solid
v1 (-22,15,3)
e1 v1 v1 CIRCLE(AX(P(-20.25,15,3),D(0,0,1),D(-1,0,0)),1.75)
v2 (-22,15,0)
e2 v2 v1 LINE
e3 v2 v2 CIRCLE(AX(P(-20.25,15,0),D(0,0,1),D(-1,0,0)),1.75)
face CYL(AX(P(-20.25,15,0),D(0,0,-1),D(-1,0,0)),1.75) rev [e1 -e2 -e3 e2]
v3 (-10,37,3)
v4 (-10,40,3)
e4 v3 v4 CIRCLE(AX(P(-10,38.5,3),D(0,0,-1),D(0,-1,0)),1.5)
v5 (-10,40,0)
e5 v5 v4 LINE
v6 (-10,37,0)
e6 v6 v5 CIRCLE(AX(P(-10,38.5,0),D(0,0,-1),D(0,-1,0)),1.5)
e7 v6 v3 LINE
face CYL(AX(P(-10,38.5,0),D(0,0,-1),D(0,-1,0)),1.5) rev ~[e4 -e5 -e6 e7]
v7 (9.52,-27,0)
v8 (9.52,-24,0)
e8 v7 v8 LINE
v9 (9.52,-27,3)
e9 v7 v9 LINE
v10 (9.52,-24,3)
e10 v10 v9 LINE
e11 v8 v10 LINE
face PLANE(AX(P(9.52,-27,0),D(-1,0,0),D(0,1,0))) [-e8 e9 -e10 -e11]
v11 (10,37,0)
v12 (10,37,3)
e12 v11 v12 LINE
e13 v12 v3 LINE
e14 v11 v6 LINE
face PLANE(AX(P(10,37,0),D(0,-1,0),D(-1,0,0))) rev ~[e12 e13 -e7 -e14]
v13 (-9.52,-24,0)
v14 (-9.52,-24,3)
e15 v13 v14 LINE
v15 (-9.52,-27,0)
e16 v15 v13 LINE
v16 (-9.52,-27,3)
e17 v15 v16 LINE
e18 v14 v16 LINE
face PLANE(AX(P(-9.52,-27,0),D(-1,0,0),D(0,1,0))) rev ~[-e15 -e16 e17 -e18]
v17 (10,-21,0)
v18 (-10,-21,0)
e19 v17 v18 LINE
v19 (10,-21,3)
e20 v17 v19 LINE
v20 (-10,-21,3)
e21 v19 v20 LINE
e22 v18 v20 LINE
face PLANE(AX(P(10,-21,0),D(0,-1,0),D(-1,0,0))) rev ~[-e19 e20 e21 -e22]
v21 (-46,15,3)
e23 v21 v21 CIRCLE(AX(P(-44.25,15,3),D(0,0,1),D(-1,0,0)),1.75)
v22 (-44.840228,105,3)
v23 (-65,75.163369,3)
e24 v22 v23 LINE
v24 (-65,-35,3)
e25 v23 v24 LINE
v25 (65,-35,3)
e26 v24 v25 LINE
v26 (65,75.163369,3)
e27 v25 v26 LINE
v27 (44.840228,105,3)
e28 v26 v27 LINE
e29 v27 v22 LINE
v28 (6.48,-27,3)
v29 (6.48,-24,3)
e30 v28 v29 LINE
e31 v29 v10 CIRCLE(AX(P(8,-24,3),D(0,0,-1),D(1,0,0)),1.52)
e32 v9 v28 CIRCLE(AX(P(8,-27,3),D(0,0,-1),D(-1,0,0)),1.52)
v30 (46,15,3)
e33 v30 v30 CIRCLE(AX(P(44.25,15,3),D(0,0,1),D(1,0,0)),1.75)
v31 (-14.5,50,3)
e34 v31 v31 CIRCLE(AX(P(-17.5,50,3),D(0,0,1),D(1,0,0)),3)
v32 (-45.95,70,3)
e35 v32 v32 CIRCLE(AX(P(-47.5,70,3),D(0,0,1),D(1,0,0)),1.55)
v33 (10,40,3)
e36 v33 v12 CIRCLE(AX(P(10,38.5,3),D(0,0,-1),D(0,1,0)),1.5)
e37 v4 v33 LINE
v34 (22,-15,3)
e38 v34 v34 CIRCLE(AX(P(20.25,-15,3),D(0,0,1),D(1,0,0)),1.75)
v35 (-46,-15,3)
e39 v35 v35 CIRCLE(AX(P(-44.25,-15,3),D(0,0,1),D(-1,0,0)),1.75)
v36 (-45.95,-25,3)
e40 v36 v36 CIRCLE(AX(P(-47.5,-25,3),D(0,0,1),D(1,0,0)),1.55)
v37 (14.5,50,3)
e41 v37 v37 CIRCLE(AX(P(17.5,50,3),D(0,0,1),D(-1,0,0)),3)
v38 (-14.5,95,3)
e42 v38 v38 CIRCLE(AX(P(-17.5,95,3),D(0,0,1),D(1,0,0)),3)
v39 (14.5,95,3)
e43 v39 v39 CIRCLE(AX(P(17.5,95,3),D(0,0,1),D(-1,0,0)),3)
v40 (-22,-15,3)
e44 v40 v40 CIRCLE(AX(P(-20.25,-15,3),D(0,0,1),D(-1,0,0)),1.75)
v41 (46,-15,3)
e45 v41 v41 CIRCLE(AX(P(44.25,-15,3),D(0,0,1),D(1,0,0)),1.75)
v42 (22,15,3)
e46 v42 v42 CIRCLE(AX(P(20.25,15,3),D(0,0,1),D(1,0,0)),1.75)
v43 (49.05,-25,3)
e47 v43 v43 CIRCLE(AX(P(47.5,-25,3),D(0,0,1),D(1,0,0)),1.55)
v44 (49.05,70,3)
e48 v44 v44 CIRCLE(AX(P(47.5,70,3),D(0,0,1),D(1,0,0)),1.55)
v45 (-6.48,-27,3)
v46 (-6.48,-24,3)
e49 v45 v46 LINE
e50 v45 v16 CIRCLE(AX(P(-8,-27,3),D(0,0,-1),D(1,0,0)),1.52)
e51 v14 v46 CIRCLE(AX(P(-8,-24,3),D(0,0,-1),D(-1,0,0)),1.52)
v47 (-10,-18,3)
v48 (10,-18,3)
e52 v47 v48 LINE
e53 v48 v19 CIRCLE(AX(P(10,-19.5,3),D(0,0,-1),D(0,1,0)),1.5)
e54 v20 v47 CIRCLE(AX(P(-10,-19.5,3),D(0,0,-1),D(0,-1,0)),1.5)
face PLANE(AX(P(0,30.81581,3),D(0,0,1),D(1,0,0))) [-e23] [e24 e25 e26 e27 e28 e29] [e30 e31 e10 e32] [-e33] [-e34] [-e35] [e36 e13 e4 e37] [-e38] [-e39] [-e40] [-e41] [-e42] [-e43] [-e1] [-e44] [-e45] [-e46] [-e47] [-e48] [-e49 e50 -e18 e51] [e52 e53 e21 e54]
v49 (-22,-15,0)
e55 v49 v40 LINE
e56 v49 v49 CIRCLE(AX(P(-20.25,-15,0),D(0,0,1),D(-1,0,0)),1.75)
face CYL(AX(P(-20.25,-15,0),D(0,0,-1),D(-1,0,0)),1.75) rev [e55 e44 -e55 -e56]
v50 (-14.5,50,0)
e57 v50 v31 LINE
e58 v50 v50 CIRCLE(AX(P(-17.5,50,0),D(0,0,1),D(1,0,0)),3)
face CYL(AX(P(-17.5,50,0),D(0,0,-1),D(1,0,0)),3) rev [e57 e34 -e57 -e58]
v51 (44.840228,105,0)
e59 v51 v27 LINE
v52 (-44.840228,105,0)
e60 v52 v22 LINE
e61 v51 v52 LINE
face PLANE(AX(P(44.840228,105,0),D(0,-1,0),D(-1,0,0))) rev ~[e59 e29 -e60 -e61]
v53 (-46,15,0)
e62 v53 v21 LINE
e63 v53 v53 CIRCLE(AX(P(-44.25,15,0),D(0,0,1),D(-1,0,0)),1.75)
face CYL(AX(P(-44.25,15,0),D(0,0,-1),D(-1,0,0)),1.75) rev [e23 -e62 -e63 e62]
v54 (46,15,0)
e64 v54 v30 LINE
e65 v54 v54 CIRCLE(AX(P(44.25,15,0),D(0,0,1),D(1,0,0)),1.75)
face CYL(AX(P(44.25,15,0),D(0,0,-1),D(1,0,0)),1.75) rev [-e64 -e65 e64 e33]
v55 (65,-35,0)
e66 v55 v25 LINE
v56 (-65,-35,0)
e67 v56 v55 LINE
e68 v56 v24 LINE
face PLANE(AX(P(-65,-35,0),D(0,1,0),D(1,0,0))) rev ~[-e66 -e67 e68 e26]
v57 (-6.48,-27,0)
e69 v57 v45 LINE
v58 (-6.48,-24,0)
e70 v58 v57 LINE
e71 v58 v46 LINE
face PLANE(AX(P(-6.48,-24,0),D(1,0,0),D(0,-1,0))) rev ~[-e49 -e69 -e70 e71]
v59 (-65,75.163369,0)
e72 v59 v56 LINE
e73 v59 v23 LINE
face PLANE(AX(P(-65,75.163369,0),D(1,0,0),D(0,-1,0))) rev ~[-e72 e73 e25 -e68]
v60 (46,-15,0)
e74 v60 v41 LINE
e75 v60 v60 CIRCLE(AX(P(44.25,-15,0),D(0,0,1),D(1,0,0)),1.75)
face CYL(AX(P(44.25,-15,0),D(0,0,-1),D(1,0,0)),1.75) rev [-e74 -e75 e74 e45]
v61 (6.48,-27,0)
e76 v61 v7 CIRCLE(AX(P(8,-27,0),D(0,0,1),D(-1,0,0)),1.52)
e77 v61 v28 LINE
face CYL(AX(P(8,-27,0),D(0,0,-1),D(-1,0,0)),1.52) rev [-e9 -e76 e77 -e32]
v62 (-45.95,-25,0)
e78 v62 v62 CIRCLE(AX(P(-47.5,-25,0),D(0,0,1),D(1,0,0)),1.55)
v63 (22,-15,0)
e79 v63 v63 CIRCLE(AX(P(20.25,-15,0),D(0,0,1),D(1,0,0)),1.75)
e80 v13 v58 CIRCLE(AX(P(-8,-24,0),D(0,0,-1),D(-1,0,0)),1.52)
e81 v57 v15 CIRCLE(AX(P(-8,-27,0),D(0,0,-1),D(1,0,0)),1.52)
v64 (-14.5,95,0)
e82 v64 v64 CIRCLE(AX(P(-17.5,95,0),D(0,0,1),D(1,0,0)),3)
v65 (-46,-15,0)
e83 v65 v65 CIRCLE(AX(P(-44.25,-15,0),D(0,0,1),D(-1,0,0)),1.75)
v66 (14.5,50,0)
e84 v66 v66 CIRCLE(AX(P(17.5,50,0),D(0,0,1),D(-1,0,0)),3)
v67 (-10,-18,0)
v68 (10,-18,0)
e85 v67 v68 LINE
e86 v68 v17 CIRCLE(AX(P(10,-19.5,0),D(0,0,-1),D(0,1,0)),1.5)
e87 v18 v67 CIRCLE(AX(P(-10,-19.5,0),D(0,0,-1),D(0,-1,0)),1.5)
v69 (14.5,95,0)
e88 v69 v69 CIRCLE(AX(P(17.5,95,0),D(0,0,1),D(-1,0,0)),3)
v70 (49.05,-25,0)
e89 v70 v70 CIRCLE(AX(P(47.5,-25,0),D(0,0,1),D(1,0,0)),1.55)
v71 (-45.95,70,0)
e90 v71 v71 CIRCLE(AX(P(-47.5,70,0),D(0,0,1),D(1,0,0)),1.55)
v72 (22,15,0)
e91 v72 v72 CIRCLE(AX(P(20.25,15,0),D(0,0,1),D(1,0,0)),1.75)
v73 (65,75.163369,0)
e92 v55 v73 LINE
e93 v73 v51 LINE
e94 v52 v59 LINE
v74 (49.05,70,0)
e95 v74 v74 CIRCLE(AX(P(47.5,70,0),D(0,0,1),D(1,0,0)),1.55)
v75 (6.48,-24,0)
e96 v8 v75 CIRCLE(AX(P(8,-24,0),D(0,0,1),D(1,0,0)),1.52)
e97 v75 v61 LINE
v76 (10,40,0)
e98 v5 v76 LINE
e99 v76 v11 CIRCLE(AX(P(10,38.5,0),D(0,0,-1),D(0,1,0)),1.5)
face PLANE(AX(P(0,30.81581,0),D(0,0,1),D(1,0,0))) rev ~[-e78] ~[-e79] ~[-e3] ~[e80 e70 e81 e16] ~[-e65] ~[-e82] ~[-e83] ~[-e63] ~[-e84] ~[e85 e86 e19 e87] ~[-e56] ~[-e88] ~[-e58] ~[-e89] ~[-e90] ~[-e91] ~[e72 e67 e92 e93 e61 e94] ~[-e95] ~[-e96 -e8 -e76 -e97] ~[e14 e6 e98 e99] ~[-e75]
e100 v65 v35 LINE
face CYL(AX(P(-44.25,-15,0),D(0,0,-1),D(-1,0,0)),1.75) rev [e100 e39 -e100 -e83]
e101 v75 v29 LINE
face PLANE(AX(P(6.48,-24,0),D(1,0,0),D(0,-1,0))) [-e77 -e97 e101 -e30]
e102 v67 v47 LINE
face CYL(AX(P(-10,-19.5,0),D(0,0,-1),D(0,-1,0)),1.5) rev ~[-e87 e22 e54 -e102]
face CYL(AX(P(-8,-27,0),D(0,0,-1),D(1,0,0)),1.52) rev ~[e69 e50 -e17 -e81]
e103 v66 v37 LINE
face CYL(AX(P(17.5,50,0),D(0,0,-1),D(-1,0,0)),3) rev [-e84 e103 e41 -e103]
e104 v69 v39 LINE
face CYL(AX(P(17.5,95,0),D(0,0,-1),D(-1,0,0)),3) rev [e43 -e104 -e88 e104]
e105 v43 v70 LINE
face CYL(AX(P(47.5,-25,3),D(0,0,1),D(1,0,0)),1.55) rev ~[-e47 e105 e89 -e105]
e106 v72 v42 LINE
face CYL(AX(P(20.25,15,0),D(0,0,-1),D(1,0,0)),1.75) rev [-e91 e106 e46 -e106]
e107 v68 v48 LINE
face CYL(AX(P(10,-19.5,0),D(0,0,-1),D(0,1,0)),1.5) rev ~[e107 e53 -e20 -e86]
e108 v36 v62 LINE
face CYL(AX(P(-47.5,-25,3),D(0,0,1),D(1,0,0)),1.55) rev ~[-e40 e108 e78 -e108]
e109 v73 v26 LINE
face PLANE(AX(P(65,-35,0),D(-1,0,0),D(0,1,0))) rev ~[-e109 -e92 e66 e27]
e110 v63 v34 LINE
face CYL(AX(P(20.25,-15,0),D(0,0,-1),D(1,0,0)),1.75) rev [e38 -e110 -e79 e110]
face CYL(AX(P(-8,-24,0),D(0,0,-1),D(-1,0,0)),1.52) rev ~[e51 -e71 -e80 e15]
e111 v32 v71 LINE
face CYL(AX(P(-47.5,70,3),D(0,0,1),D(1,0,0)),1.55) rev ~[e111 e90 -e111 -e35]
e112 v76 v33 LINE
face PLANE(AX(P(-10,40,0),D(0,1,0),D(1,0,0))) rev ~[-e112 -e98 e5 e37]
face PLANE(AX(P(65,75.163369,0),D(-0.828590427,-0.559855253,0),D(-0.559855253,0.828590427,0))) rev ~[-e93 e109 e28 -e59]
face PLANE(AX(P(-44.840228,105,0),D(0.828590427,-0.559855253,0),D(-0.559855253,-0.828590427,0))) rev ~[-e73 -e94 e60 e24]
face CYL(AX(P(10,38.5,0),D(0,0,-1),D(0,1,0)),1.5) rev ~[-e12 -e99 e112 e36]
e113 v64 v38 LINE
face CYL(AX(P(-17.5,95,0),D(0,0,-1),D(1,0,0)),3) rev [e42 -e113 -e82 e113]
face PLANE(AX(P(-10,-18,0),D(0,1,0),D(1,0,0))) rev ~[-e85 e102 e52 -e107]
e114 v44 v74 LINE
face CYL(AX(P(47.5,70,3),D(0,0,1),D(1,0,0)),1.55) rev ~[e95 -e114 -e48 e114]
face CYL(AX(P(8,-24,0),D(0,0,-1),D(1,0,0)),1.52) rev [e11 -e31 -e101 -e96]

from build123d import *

# Parameters (mm, degrees)
SKETCH_1_R          = 1.75
SKETCH_1_R_2        = 3
EXTRUDE_1_DEPTH     = 3
CUT_EXTRUDE_2_DEPTH = 10
SKETCH_5_R          = 1.55
CUT_EXTRUDE_3_DEPTH = 10


with BuildPart() as part:
    # 草图1 → 凸台-拉伸1 (new body)
    with BuildSketch(Plane.XY):
        Polygon((65, -25), (65, 75.163369284), (44.840227583, 105), (-44.840227583, 105), (-65, 75.163369284), (-65, -25), (-65, -35), (65, -35), align=None)
        with Locations((44.25, -15)):
            Circle(SKETCH_1_R, mode=Mode.SUBTRACT)
        with Locations((20.25, -15)):
            Circle(SKETCH_1_R, mode=Mode.SUBTRACT)
        with Locations((20.25, 15)):
            Circle(SKETCH_1_R, mode=Mode.SUBTRACT)
        with Locations((44.25, 15)):
            Circle(SKETCH_1_R, mode=Mode.SUBTRACT)
        with Locations(Location((-44.25, 15, 0), (0, 0, 180))):
            Circle(SKETCH_1_R, mode=Mode.SUBTRACT)
        with Locations(Location((-20.25, 15, 0), (0, 0, 180))):
            Circle(SKETCH_1_R, mode=Mode.SUBTRACT)
        with Locations(Location((-20.25, -15, 0), (0, 0, 180))):
            Circle(SKETCH_1_R, mode=Mode.SUBTRACT)
        with Locations(Location((-44.25, -15, 0), (0, 0, 180))):
            Circle(SKETCH_1_R, mode=Mode.SUBTRACT)
        with Locations((-17.5, 95)):
            Circle(SKETCH_1_R_2, mode=Mode.SUBTRACT)
        with Locations(Location((17.5, 95, 0), (0, 0, 180))):
            Circle(SKETCH_1_R_2, mode=Mode.SUBTRACT)
        with Locations((-17.5, 50)):
            Circle(SKETCH_1_R_2, mode=Mode.SUBTRACT)
        with Locations(Location((17.5, 50, 0), (0, 0, 180))):
            Circle(SKETCH_1_R_2, mode=Mode.SUBTRACT)
        with BuildLine():
            Line((-10, 40), (10, 40))
            ThreePointArc((10, 40), (11.5, 38.5), (10, 37))
            Line((10, 37), (-10, 37))
            ThreePointArc((-10, 37), (-11.5, 38.5), (-10, 40))
        make_face(mode=Mode.SUBTRACT)
        with BuildLine():
            Line((-10, -18), (10, -18))
            ThreePointArc((10, -18), (11.5, -19.5), (10, -21))
            Line((10, -21), (-10, -21))
            ThreePointArc((-10, -21), (-11.5, -19.5), (-10, -18))
        make_face(mode=Mode.SUBTRACT)
    extrude(amount=EXTRUDE_1_DEPTH)

    # 草图3 → 切除-拉伸2 (cut)
    with BuildSketch(Plane(origin=(0, 0, 0), x_dir=(-1, 0, 0), z_dir=(0, 0, -1))):
        with BuildLine():
            Line((-9.52, -27), (-9.52, -24))
            ThreePointArc((-9.52, -24), (-8, -22.48), (-6.48, -24))
            Line((-6.48, -24), (-6.48, -27))
            ThreePointArc((-6.48, -27), (-8, -28.52), (-9.52, -27))
        make_face()
        with BuildLine():
            Line((9.52, -27), (9.52, -24))
            ThreePointArc((9.52, -24), (8, -22.48), (6.48, -24))
            Line((6.48, -24), (6.48, -27))
            ThreePointArc((6.48, -27), (8, -28.52), (9.52, -27))
        make_face()
    extrude(amount=-CUT_EXTRUDE_2_DEPTH, mode=Mode.SUBTRACT)

    # 草图5 → 切除-拉伸3 (cut)
    with BuildSketch(Plane.XY.offset(3)):
        with Locations((-47.5, 70)):
            Circle(SKETCH_5_R)
        with Locations((47.5, 70)):
            Circle(SKETCH_5_R)
        with Locations((-47.5, -25)):
            Circle(SKETCH_5_R)
        with Locations((47.5, -25)):
            Circle(SKETCH_5_R)
    extrude(amount=-CUT_EXTRUDE_3_DEPTH, mode=Mode.SUBTRACT)


solid = part.part
